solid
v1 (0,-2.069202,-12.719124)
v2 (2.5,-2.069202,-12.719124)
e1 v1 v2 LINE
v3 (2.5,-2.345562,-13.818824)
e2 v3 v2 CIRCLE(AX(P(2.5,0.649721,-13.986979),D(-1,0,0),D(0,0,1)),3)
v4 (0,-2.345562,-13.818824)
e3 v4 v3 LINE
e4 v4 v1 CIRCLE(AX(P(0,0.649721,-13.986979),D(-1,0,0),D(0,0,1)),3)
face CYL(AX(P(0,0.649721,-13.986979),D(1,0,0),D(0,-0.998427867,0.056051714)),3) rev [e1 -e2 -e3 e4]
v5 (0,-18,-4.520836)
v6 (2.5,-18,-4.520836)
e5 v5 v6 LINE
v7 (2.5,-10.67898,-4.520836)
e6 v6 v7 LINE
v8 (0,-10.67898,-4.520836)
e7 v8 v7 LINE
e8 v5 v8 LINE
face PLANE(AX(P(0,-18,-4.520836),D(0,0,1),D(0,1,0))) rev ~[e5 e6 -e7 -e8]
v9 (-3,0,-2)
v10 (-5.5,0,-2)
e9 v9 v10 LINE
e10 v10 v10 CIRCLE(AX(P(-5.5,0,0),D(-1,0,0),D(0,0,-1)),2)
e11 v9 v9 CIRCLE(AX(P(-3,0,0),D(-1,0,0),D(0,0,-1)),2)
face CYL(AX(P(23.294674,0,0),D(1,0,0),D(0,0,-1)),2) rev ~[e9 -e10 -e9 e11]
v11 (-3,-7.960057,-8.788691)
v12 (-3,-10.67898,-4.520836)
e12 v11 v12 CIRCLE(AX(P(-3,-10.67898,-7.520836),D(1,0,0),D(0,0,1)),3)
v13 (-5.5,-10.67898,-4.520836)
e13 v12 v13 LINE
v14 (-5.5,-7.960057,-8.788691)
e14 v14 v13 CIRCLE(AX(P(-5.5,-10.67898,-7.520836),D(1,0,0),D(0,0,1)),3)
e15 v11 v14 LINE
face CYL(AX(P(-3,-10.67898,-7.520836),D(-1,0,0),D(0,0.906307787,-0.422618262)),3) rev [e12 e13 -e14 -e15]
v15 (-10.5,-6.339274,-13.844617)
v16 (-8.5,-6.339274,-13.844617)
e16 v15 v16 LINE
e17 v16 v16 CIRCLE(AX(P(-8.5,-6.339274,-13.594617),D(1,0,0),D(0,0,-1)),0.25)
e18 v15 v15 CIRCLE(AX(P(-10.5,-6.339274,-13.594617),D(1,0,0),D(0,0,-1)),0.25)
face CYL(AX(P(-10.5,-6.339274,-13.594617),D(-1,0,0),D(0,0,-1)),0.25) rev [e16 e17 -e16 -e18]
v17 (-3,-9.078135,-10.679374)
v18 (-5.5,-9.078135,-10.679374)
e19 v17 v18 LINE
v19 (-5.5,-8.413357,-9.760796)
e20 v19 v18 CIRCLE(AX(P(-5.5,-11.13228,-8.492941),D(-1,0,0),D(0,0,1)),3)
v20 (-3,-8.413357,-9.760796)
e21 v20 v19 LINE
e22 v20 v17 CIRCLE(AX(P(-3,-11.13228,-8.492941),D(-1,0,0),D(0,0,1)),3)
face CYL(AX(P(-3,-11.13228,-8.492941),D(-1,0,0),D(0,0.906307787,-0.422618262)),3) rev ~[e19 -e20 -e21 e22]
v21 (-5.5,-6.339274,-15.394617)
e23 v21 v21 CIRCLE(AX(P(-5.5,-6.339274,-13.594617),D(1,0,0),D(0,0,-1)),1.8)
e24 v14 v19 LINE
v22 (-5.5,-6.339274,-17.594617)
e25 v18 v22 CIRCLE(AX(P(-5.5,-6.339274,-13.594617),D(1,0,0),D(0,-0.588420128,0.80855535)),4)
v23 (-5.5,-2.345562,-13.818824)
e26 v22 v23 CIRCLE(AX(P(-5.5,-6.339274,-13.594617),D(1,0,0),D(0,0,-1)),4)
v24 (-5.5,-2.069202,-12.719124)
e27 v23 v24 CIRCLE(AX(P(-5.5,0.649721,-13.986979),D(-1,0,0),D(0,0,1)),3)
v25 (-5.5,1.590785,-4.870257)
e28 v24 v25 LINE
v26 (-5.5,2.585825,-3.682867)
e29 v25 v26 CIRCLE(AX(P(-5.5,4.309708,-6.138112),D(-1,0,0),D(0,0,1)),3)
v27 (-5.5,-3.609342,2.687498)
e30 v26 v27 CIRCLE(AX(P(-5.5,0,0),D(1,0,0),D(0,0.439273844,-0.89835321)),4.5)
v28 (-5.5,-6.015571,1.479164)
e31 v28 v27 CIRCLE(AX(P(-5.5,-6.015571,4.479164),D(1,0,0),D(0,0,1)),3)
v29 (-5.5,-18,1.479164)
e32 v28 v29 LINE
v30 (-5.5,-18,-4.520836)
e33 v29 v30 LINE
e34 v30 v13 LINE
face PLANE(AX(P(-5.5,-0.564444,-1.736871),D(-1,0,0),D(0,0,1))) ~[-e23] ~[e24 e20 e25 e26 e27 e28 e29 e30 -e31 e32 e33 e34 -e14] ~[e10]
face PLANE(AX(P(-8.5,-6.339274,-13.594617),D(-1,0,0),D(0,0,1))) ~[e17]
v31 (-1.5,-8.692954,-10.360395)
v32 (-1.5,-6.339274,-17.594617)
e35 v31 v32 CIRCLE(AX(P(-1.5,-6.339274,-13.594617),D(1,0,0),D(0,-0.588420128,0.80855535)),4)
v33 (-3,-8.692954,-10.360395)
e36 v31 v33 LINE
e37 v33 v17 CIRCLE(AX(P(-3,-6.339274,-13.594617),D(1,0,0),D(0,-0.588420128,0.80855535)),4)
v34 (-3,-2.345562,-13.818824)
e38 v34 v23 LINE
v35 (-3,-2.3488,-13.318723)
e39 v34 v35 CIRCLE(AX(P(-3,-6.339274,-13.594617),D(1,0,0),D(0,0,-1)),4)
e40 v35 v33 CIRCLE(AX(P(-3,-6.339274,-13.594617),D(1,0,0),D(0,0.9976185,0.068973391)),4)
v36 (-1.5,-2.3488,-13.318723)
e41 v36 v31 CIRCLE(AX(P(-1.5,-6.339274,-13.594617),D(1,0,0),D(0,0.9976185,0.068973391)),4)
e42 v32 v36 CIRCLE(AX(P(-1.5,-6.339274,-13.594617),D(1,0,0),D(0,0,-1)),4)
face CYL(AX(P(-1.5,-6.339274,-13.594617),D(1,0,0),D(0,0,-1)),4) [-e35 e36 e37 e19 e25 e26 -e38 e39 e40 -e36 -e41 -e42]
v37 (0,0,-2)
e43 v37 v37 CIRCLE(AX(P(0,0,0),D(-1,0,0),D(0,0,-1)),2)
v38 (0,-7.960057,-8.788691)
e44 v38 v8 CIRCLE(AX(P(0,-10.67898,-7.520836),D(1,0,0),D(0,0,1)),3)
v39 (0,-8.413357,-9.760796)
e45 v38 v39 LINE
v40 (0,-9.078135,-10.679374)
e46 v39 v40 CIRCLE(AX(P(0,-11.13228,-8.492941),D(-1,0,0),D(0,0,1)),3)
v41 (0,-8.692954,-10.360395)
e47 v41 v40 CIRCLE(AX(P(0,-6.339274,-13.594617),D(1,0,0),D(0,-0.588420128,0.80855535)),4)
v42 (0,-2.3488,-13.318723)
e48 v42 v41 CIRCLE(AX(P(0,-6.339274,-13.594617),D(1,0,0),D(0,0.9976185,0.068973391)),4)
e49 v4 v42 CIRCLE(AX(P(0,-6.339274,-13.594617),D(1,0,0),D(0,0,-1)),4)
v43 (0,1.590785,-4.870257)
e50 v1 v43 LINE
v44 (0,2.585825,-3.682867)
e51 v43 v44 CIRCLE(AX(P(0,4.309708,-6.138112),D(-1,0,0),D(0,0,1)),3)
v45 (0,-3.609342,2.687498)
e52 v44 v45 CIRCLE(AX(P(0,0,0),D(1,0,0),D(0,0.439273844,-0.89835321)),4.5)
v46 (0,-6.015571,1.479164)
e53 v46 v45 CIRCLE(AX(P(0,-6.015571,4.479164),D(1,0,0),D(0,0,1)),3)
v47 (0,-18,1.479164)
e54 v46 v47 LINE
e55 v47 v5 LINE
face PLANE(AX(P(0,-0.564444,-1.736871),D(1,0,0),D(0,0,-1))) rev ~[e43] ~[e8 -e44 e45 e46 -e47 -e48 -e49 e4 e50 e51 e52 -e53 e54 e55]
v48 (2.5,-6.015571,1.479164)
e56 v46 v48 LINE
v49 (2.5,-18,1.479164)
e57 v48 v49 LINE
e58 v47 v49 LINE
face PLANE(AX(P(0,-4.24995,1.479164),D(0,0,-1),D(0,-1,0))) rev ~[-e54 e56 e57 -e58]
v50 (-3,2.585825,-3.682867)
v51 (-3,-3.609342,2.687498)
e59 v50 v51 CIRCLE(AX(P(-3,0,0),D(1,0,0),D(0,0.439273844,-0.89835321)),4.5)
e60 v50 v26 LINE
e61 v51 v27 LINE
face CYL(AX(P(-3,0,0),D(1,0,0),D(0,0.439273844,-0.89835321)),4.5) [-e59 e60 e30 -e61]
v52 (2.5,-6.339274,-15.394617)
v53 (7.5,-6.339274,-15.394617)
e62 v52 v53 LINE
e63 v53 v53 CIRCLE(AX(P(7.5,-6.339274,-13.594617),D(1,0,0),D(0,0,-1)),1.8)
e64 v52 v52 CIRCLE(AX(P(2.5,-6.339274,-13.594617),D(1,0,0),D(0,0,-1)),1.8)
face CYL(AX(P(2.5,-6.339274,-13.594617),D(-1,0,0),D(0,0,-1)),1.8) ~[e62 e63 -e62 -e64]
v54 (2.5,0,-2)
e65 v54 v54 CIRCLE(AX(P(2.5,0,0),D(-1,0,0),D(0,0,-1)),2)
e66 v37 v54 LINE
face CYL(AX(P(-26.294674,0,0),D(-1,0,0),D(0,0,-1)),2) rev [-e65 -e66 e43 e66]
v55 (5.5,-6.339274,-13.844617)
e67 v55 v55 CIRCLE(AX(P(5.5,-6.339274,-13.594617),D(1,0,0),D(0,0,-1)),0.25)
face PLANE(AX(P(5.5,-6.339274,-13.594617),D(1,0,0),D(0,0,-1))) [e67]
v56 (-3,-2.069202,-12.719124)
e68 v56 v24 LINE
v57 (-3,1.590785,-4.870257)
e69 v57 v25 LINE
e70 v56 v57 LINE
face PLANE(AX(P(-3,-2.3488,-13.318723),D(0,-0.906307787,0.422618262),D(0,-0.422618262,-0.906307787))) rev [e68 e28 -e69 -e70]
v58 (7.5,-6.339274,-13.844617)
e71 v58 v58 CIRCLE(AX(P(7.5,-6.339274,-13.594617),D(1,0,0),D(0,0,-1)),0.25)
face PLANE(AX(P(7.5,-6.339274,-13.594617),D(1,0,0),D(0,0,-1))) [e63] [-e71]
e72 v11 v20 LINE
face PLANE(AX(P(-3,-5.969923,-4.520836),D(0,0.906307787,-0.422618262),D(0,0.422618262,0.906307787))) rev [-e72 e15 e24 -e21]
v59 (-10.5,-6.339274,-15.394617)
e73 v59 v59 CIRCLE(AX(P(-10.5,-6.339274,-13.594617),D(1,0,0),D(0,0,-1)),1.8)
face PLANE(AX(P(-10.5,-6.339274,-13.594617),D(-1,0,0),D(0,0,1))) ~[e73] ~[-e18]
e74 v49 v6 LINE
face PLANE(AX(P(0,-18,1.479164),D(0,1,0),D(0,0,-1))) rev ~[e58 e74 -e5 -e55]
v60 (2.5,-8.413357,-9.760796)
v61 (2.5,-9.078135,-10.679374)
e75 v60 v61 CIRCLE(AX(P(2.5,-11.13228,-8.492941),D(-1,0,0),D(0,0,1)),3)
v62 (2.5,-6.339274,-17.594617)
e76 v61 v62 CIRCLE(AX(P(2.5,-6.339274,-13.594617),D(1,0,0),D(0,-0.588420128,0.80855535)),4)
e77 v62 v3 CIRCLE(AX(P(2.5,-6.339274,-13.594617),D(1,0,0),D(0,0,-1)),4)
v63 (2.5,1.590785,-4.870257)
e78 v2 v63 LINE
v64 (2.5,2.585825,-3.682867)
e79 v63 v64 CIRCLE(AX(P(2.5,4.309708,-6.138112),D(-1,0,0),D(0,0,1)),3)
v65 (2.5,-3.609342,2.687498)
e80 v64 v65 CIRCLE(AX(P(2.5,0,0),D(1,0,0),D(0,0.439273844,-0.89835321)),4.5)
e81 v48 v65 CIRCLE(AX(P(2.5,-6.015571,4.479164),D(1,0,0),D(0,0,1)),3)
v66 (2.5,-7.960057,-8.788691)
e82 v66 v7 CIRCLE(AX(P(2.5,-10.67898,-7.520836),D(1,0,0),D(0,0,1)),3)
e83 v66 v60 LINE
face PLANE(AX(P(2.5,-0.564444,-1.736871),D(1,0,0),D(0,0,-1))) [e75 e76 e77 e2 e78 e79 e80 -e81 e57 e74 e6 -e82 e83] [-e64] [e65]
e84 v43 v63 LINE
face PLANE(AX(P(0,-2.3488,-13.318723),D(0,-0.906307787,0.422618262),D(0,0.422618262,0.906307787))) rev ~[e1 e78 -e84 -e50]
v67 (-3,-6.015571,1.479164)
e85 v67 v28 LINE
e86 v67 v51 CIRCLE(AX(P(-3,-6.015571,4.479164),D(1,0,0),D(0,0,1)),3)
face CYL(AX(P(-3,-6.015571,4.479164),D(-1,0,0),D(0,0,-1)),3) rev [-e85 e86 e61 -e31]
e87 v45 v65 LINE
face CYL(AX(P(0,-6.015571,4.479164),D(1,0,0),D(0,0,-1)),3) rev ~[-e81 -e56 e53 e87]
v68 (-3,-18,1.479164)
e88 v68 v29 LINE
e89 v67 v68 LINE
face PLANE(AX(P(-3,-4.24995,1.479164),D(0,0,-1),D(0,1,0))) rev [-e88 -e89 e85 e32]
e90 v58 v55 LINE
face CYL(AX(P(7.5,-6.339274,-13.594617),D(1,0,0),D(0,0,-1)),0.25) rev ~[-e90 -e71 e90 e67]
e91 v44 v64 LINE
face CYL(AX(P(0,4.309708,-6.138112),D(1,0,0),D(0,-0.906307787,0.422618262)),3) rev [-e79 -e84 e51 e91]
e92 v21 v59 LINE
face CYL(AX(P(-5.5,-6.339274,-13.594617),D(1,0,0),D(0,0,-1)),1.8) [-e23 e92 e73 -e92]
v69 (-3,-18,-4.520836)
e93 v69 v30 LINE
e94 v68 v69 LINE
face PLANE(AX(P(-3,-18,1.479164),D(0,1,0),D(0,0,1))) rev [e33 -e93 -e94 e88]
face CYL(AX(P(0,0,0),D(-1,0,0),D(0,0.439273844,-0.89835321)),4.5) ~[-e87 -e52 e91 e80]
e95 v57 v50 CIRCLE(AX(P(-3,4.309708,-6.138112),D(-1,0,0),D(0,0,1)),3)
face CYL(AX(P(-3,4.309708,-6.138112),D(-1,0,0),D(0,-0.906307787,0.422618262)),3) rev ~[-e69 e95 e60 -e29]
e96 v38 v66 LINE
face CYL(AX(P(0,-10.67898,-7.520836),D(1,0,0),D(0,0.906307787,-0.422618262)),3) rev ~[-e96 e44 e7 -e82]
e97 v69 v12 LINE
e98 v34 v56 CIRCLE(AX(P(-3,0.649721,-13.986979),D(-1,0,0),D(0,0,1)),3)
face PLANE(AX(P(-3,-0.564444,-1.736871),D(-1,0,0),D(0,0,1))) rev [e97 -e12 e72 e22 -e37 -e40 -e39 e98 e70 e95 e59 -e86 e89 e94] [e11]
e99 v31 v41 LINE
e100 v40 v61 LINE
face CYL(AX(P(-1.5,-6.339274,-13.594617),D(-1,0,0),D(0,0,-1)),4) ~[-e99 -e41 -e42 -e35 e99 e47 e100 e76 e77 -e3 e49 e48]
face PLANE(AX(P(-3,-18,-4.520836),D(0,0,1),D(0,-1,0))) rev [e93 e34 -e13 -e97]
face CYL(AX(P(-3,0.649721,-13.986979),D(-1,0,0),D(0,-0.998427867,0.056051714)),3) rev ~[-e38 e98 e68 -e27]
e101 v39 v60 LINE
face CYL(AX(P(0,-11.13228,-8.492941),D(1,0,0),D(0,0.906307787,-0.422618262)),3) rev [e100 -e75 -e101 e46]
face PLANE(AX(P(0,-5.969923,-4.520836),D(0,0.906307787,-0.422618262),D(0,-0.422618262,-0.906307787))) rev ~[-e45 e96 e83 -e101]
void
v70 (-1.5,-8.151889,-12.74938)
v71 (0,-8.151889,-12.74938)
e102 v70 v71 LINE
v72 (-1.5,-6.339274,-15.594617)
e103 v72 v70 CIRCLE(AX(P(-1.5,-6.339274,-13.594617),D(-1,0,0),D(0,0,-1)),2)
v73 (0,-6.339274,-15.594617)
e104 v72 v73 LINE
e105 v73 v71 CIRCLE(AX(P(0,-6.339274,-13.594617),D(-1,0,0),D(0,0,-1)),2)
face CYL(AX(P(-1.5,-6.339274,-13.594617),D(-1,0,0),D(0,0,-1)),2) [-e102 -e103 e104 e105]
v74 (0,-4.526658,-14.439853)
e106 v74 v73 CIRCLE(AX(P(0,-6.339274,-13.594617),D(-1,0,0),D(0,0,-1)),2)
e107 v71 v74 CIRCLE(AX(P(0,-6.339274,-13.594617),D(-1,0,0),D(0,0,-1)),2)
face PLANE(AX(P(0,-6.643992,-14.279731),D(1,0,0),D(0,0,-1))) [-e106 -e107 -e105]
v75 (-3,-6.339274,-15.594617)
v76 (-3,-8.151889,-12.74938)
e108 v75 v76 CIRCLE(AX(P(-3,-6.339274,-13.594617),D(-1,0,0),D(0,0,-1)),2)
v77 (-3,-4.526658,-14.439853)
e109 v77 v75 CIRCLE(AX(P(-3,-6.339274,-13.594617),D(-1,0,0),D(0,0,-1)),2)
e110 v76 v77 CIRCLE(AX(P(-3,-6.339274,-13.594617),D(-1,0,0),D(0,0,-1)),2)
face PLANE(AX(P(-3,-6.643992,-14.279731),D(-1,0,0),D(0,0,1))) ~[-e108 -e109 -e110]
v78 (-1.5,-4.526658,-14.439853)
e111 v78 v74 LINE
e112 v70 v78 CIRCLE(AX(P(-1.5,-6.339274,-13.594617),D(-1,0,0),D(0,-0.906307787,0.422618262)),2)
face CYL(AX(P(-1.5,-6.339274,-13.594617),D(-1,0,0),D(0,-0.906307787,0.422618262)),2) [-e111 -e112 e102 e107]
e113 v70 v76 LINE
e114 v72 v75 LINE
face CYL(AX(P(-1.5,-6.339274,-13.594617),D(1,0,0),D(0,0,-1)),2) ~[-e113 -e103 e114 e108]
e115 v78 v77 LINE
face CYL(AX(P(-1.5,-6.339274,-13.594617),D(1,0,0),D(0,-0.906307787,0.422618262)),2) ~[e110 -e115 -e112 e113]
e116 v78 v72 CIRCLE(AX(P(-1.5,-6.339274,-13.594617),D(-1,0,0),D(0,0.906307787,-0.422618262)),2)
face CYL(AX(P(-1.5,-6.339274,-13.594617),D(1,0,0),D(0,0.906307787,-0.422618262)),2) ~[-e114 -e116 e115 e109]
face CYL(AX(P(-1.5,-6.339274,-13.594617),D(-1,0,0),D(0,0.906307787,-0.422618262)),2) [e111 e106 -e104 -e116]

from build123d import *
from build123d.topology import SkipClean

# Parameters (mm, degrees)
EXTRUDE_1_DEPTH          = 2.5
CUT_EXTRUDE_3_DEPTH      = 26.294674154
CUT_EXTRUDE_3_DEPTH_BACK = 26.294674154
SKETCH_1_3_R             = 2
FILLET_1_R               = 3
EXTRUDE_START            = -1.5
EXTRUDE_2_DEPTH          = 1.5
EXTRUDE_5_DEPTH          = 2.5
SKETCH_2_R               = 1.8
EXTRUDE_4_DEPTH          = 5
SKETCH_3_R               = 0.25
CUT_EXTRUDE_4_DEPTH      = 2


with BuildPart() as part:
    # 草图1 → 凸台-拉伸1 (new body)
    with BuildSketch(Plane(origin=(0, 0, 0), x_dir=(0, 0, -1), z_dir=(1, 0, 0))):
        with BuildLine():
            Line((1.479163916, 3.172077255), (-1.479163916, -3.172077255))
            Line((-1.479163916, -3.172077255), (3.19185305, -3.172077255))
            ThreePointArc((3.19185305, -3.172077255), (4.160128527, -1.715613779), (4.5, 0))
            ThreePointArc((4.5, 0), (4.384156276, 1.014482011), (4.042589444, 1.9767323))
            Line((4.042589444, 1.9767323), (1.479163916, 3.172077255))
        make_face()
        with BuildLine():
            Line((1.084261612, -4.36742221), (-1.479163916, -3.172077255))
            Line((-1.479163916, -3.172077255), (-1.479163916, -4.249949895))
            ThreePointArc((-1.479163916, -4.249949895), (-0.206002169, -4.495282317), (1.084261612, -4.36742221))
        make_face()
        with BuildLine():
            Line((3.19185305, -3.172077255), (-1.479163916, -3.172077255))
            Line((-1.479163916, -3.172077255), (1.084261612, -4.36742221))
            ThreePointArc((1.084261612, -4.36742221), (2.220022869, -3.914268573), (3.19185305, -3.172077255))
        make_face()
        with BuildLine():
            Line((-1.479163916, -4.249949895), (-1.479163916, -3.172077255))
            Line((-1.479163916, -3.172077255), (1.479163916, 3.172077255))
            Line((1.479163916, 3.172077255), (4.042589444, 1.9767323))
            ThreePointArc((4.042589444, 1.9767323), (-3.366850219, 2.985685784), (-1.479163916, -4.249949895))
        make_face()
        with BuildLine():
            ThreePointArc((4.5, 0), (4.160128527, -1.715613779), (3.19185305, -3.172077255))
            Line((3.19185305, -3.172077255), (4.520836084, -3.172077255))
            Line((4.520836084, -3.172077255), (4.520836084, -5.969923204))
            Line((4.520836084, -5.969923204), (10.360395407, -8.692954436))
            ThreePointArc((10.360395407, -8.692954436), (9.969385657, -4.648800879), (13.318723239, -2.348799927))
            Line((13.318723239, -2.348799927), (4.042589444, 1.9767323))
            ThreePointArc((4.042589444, 1.9767323), (4.384156276, 1.014482011), (4.5, 0))
        make_face()
        with BuildLine():
            Line((4.520836084, -3.172077255), (3.19185305, -3.172077255))
            ThreePointArc((3.19185305, -3.172077255), (2.220022869, -3.914268573), (1.084261612, -4.36742221))
            Line((1.084261612, -4.36742221), (4.520836084, -5.969923204))
            Line((4.520836084, -5.969923204), (4.520836084, -3.172077255))
        make_face()
        with BuildLine():
            ThreePointArc((1.084261612, -4.36742221), (-0.206002169, -4.495282317), (-1.479163916, -4.249949895))
            Line((-1.479163916, -4.249949895), (-1.479163916, -18))
            Line((-1.479163916, -18), (4.520836084, -18))
            Line((4.520836084, -18), (4.520836084, -5.969923204))
            Line((4.520836084, -5.969923204), (1.084261612, -4.36742221))
        make_face()
        with BuildLine():
            ThreePointArc((17.594616806, -6.339273926), (16.323758221, -3.414930045), (13.318723239, -2.348799927))
            Line((13.318723239, -2.348799927), (15.073780722, -3.167196671))
            Line((15.073780722, -3.167196671), (12.115452889, -9.511351181))
            Line((12.115452889, -9.511351181), (10.360395407, -8.692954436))
            ThreePointArc((10.360395407, -8.692954436), (14.832177795, -10.143014558), (17.594616806, -6.339273926))
        make_face()
        with BuildLine():
            Line((15.073780722, -3.167196671), (13.318723239, -2.348799927))
            ThreePointArc((13.318723239, -2.348799927), (9.969385657, -4.648800879), (10.360395407, -8.692954436))
            Line((10.360395407, -8.692954436), (12.115452889, -9.511351181))
            Line((12.115452889, -9.511351181), (15.073780722, -3.167196671))
        make_face()
    extrude(amount=EXTRUDE_1_DEPTH)

    # 草图1<3> → 切除-拉伸3 (cut, two sides: drawn at the far end of the back side and taken through both)
    with BuildSketch(Plane(origin=(0, 0, 0), x_dir=(0, 0, -1), z_dir=(1, 0, 0)).offset(-CUT_EXTRUDE_3_DEPTH_BACK)):
        Circle(SKETCH_1_3_R)
        with Locations((13.594616806, -6.339273926)):
            Circle(SKETCH_1_3_R)
    extrude(amount=CUT_EXTRUDE_3_DEPTH + CUT_EXTRUDE_3_DEPTH_BACK, mode=Mode.SUBTRACT)

    # 圆角1
    fillet_1_edges = [part.edges().sort_by_distance(p)[0] for p in [
        (1.25, -2.348799927, -13.318723239),
        (1.25, 1.9767323, -4.042589444),
        (1.25, -8.692954436, -10.360395407),
        (1.25, -5.969923204, -4.520836084),
        (1.25, -4.249949895, 1.479163916),
    ]]
    fillet(fillet_1_edges, radius=FILLET_1_R)

    # 草图1<4> → 凸台-拉伸2 (add)
    with SkipClean():  # the faces are left unmerged after this step: merging them gives an invalid solid
        with BuildSketch(Plane(origin=(0, 0, 0), x_dir=(0, 0, -1), z_dir=(1, 0, 0)).offset(EXTRUDE_START)):
            with BuildLine():
                ThreePointArc((17.594616806, -6.339273926), (16.323758221, -3.414930045), (13.318723239, -2.348799927))
                Line((13.318723239, -2.348799927), (15.073780722, -3.167196671))
                Line((15.073780722, -3.167196671), (14.439853329, -4.526658352))
                ThreePointArc((14.439853329, -4.526658352), (15.281399697, -5.264674709), (15.594616806, -6.339273926))
                ThreePointArc((15.594616806, -6.339273926), (14.669216022, -8.026056818), (12.749380282, -8.1518895))
                Line((12.749380282, -8.1518895), (12.115452889, -9.511351181))
                Line((12.115452889, -9.511351181), (10.360395407, -8.692954436))
                ThreePointArc((10.360395407, -8.692954436), (14.832177795, -10.143014558), (17.594616806, -6.339273926))
            make_face()
            with BuildLine():
                Line((15.073780722, -3.167196671), (13.318723239, -2.348799927))
                ThreePointArc((13.318723239, -2.348799927), (9.969385657, -4.648800879), (10.360395407, -8.692954436))
                Line((10.360395407, -8.692954436), (12.115452889, -9.511351181))
                Line((12.115452889, -9.511351181), (12.749380282, -8.1518895))
                ThreePointArc((12.749380282, -8.1518895), (11.782001231, -5.494037403), (14.439853329, -4.526658352))
                Line((14.439853329, -4.526658352), (15.073780722, -3.167196671))
            make_face()
        extrude(amount=EXTRUDE_2_DEPTH)

    # 草图1<5> → 凸台-拉伸5 (add)
    with BuildSketch(Plane(origin=(0, 0, 0), x_dir=(0, 0, -1), z_dir=(1, 0, 0))):
        with BuildLine():
            ThreePointArc((15.594616806, -6.339273926), (15.281399697, -5.264674709), (14.439853329, -4.526658352))
            Line((14.439853329, -4.526658352), (12.749380282, -8.1518895))
            ThreePointArc((12.749380282, -8.1518895), (14.669216022, -8.026056818), (15.594616806, -6.339273926))
        make_face()
        with BuildLine():
            Line((12.749380282, -8.1518895), (14.439853329, -4.526658352))
            ThreePointArc((14.439853329, -4.526658352), (11.782001231, -5.494037403), (12.749380282, -8.1518895))
        make_face()
    extrude(amount=EXTRUDE_5_DEPTH)

    # 草图2 → 凸台-拉伸4 (add)
    with BuildSketch(Plane(origin=(2.5, 0, 0), x_dir=(0, 0, -1), z_dir=(1, 0, 0))):
        with Locations((13.594616806, -6.339273926)):
            Circle(SKETCH_2_R)
    extrude(amount=EXTRUDE_4_DEPTH)

    # 草图3 → 切除-拉伸4 (cut)
    with BuildSketch(Plane(origin=(7.5, 0, 0), x_dir=(0, 0, -1), z_dir=(1, 0, 0))):
        with Locations((13.594616806, -6.339273926)):
            Circle(SKETCH_3_R)
    extrude(amount=-CUT_EXTRUDE_4_DEPTH, mode=Mode.SUBTRACT)

    # 镜向1: part across plane


with BuildPart() as part_1:
    add(part.part)
    add(part.part.mirror(Plane.ZY.offset(1.5)))


solid = part_1.part
